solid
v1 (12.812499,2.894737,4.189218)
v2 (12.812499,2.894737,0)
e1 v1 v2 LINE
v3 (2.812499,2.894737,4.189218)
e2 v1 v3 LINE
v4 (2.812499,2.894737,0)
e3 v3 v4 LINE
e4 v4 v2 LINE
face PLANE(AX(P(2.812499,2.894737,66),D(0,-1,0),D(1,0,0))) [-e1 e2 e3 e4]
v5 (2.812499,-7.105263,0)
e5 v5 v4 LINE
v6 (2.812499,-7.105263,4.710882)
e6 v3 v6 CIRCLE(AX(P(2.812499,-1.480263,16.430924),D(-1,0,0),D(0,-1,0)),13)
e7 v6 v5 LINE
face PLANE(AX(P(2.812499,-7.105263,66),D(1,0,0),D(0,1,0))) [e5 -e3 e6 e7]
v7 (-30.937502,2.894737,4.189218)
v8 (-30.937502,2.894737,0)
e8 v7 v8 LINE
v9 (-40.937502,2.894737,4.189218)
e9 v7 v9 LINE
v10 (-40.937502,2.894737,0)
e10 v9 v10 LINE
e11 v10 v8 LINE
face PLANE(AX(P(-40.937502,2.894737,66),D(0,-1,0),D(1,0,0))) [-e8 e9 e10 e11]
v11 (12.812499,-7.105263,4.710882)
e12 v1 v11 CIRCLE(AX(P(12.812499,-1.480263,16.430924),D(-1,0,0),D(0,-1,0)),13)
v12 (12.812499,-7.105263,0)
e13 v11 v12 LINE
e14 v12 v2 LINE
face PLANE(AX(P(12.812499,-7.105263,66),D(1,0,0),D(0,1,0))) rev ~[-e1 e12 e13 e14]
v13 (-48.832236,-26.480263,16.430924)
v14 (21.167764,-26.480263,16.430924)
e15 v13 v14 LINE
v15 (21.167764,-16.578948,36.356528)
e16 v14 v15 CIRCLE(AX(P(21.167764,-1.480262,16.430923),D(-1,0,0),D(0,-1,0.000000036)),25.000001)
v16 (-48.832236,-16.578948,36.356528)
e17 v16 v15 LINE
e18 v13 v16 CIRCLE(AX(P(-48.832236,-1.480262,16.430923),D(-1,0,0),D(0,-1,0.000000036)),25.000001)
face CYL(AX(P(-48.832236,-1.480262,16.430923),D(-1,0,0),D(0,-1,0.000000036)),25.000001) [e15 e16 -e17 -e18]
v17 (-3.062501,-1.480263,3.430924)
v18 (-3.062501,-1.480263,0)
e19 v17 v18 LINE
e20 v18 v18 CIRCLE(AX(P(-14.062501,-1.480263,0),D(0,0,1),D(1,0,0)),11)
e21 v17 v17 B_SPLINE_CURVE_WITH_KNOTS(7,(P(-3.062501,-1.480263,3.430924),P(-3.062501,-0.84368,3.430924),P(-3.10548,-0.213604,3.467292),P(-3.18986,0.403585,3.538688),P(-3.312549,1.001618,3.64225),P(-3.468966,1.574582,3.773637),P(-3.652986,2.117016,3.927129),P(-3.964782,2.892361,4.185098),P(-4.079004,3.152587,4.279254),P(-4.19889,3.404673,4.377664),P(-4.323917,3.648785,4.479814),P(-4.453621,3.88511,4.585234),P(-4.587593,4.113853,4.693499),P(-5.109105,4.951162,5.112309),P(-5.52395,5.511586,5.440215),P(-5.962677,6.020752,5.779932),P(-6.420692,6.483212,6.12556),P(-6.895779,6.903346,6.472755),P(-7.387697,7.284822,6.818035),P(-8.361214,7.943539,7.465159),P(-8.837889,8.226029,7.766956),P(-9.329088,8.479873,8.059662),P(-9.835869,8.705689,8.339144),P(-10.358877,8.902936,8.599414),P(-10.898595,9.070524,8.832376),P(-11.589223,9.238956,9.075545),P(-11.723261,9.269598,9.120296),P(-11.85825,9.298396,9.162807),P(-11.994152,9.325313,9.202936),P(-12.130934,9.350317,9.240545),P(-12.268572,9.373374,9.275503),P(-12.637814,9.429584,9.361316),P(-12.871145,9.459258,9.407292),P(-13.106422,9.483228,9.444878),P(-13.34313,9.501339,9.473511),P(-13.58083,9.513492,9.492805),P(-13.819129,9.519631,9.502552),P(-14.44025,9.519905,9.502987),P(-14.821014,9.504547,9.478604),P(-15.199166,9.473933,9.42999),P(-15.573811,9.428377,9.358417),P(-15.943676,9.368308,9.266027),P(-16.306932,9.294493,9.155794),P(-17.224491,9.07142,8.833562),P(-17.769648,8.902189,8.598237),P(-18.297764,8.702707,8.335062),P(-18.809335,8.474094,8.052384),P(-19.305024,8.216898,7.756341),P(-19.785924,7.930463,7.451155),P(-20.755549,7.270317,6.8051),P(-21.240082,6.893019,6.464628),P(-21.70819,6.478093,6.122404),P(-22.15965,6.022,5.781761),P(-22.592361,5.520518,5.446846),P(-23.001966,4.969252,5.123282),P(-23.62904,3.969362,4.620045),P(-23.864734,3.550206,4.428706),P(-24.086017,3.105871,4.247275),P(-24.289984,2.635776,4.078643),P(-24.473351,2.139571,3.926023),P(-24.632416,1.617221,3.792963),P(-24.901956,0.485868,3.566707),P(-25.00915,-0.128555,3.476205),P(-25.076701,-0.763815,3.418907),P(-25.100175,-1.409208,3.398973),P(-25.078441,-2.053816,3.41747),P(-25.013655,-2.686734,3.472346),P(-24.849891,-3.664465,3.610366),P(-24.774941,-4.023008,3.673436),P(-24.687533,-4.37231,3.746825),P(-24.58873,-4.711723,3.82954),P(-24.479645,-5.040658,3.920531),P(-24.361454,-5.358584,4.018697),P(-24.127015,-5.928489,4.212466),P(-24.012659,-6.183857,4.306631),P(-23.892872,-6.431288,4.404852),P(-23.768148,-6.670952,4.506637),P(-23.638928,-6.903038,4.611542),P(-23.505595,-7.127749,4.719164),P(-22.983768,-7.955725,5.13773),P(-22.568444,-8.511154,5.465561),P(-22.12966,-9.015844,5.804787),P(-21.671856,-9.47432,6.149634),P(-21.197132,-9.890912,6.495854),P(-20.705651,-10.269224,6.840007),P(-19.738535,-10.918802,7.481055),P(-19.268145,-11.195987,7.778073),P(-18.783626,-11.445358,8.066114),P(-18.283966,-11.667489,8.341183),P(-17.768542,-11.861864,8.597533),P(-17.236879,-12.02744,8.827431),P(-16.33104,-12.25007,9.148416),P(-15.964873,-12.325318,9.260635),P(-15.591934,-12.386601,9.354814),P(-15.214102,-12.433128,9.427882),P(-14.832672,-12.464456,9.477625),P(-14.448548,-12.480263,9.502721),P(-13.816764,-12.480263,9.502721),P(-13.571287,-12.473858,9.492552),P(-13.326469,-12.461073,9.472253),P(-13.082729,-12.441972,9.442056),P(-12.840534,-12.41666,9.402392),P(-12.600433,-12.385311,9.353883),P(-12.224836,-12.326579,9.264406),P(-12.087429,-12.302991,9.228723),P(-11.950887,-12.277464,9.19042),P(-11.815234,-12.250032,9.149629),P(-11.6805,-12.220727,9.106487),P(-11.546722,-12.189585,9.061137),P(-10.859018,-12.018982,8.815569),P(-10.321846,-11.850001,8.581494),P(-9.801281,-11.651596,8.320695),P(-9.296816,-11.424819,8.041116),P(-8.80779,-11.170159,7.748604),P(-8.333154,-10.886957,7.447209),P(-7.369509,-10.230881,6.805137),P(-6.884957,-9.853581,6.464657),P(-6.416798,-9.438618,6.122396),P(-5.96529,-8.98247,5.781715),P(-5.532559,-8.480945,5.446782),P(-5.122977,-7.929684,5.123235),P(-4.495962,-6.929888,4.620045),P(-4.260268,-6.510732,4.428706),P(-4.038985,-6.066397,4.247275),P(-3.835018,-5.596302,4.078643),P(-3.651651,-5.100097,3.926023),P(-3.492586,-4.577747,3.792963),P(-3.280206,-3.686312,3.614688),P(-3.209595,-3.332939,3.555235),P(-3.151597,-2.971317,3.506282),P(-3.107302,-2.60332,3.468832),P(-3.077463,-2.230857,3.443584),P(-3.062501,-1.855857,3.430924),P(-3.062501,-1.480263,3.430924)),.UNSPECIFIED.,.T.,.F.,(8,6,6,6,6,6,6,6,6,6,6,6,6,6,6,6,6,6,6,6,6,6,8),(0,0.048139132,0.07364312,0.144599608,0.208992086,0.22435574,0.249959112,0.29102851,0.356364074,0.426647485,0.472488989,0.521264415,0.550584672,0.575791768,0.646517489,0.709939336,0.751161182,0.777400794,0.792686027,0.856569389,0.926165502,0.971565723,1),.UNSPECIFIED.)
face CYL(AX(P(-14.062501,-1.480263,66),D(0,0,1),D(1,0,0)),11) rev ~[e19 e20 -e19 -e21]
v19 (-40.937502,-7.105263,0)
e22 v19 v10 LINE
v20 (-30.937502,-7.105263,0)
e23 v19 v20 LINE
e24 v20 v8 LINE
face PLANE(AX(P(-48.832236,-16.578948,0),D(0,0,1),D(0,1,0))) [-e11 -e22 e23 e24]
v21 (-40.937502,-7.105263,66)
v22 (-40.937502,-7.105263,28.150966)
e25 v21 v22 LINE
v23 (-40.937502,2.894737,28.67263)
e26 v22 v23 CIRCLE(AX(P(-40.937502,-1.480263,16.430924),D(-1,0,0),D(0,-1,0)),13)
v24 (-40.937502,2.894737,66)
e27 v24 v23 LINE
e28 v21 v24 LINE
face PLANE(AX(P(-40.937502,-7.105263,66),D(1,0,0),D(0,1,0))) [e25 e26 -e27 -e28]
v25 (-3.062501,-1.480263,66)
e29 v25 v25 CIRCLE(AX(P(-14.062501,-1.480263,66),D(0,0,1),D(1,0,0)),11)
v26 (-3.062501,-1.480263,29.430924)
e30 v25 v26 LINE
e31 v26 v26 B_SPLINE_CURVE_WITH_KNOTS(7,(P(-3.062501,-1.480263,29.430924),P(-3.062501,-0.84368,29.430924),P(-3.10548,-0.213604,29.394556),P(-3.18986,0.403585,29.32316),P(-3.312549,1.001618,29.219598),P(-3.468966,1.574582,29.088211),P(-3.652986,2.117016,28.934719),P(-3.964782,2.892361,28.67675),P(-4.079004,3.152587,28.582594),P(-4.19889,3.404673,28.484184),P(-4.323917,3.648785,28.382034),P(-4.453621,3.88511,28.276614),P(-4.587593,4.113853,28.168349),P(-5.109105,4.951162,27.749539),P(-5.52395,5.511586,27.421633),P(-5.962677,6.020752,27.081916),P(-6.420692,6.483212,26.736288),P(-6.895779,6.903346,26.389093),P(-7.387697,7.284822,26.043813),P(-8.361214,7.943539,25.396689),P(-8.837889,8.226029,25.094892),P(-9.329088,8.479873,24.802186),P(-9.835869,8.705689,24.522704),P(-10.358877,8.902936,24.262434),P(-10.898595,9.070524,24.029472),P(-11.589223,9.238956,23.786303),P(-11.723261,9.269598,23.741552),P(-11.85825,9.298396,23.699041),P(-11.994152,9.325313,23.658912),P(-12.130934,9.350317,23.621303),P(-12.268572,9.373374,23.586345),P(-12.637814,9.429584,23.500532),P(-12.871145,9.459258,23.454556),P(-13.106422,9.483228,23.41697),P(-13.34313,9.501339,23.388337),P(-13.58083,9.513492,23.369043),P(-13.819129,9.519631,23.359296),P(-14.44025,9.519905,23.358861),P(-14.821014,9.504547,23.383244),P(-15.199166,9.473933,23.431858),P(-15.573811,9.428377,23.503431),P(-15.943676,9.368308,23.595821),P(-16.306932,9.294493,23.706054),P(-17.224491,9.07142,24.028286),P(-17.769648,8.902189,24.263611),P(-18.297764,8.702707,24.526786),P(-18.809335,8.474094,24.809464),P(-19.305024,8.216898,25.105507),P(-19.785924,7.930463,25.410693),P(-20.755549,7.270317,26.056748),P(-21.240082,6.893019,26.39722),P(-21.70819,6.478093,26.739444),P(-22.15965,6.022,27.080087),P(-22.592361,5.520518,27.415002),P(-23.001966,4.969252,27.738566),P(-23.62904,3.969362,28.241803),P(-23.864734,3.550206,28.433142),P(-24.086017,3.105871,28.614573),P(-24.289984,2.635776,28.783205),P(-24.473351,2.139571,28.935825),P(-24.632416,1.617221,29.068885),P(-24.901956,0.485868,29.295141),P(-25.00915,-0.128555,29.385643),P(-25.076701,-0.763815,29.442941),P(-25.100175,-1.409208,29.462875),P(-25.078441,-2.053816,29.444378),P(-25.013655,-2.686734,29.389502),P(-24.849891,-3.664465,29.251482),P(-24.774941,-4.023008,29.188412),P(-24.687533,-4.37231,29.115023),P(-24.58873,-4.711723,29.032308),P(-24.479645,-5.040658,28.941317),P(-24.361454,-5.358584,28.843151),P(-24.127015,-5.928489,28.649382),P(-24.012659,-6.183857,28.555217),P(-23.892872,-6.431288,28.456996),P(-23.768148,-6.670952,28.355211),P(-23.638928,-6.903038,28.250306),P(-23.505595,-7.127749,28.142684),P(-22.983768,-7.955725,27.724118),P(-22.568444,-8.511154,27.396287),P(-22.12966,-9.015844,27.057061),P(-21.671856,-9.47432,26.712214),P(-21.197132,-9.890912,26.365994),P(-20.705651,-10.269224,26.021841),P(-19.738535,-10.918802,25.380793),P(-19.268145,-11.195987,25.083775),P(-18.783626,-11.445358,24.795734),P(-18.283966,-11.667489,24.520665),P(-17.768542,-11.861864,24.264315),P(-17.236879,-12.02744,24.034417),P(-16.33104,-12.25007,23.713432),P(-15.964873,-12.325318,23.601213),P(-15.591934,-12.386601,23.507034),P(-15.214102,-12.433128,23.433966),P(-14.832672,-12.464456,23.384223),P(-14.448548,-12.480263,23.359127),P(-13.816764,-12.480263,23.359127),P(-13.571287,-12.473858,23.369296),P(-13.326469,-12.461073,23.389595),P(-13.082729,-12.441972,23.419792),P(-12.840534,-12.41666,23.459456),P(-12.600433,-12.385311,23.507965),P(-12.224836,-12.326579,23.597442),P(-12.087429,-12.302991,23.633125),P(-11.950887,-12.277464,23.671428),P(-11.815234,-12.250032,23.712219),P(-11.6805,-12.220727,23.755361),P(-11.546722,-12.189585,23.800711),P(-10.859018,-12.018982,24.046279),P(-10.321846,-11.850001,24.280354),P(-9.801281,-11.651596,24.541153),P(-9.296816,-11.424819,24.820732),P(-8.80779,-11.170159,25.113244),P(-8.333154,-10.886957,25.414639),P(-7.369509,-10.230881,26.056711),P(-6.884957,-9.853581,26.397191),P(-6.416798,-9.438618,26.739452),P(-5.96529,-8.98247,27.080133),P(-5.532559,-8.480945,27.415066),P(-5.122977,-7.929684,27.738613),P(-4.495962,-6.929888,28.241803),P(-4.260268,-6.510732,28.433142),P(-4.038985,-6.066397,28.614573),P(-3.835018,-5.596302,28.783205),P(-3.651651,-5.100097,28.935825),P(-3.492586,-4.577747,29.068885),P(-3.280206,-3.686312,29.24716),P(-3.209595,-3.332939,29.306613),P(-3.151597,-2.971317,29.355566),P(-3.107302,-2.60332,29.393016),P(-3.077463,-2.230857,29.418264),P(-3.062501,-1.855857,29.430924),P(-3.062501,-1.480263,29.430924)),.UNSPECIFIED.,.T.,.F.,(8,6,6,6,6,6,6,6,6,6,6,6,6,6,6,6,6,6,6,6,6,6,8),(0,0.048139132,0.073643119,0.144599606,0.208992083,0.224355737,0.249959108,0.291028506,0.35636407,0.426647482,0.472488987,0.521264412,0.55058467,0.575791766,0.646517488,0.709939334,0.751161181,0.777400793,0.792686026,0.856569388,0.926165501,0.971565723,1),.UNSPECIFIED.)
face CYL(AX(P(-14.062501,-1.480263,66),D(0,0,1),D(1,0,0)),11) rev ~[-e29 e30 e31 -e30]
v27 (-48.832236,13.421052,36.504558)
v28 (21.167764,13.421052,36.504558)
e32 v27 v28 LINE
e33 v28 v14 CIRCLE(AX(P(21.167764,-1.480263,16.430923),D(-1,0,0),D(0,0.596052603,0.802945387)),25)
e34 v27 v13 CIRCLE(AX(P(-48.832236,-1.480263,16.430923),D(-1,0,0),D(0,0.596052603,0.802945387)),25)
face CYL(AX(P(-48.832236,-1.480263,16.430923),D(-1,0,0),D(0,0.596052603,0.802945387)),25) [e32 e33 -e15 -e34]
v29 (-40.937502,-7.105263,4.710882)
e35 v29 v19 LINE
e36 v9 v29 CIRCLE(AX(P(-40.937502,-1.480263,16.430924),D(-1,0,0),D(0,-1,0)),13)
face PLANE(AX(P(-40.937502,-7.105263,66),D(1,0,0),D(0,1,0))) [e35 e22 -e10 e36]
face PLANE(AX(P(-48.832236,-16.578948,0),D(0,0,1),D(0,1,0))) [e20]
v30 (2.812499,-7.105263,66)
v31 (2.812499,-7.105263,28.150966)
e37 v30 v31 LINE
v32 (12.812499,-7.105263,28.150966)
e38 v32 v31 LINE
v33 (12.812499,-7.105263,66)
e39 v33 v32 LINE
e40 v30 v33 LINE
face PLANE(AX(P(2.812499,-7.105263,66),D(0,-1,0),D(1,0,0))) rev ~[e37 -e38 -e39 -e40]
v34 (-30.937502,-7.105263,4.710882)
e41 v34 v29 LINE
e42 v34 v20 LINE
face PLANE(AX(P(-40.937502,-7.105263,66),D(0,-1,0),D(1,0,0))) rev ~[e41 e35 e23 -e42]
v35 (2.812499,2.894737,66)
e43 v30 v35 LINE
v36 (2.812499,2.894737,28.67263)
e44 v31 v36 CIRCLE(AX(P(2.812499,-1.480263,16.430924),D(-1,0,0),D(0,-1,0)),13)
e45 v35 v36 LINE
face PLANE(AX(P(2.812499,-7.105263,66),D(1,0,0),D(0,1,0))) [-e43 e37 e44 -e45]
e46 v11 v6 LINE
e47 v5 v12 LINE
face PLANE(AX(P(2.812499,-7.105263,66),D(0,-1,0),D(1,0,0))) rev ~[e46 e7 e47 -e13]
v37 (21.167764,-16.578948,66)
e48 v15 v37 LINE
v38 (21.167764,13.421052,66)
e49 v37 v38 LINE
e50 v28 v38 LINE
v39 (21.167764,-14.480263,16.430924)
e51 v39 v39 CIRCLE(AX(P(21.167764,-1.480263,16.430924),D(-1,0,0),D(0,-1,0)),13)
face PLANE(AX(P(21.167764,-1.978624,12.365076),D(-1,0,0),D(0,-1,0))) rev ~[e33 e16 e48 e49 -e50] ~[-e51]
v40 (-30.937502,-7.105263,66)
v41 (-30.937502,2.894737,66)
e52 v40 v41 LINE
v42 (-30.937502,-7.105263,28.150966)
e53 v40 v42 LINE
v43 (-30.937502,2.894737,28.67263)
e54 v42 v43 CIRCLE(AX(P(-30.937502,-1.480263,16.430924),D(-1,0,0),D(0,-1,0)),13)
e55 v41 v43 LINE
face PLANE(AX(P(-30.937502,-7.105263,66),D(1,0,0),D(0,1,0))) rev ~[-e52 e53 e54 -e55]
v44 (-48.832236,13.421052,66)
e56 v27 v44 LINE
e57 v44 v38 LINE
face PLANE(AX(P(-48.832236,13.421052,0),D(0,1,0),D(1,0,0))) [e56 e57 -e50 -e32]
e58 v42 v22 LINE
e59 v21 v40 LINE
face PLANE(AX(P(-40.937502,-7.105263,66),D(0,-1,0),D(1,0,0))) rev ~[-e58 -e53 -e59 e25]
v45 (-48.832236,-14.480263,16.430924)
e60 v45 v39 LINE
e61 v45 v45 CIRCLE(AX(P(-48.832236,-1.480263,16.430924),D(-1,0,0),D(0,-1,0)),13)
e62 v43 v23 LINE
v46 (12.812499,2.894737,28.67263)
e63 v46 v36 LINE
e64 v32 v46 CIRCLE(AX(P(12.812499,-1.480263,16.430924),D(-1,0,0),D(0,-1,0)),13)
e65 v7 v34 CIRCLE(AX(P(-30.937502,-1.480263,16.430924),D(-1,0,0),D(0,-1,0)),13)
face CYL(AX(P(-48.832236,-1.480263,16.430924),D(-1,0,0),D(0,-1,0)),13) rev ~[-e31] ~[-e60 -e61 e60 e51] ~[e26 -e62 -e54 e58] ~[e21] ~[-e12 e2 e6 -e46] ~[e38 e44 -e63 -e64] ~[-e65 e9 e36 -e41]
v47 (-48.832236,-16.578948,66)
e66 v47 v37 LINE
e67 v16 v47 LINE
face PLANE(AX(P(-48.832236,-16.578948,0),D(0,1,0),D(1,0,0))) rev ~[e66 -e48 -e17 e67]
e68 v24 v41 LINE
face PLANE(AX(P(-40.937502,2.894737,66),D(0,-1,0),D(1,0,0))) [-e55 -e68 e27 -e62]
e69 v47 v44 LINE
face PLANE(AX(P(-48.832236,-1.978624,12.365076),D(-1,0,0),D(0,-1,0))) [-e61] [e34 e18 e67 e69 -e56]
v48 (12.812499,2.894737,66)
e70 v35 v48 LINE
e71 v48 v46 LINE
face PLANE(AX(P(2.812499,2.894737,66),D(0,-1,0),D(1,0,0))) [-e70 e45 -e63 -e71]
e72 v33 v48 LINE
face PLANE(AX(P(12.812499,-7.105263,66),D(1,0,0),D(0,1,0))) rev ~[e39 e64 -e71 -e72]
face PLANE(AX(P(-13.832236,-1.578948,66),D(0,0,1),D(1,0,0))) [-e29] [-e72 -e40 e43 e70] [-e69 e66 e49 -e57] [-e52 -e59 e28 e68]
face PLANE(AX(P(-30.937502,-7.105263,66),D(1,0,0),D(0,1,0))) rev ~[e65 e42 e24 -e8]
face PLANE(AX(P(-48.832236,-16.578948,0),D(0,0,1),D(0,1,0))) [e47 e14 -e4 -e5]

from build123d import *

# Parameters (mm, degrees)
F0_W     = 70
F0_H     = 30
F1_DEPTH = 66
F2_W     = 10
F2_H     = 10
F2_R     = 11
F3_DEPTH = 66
F5_DEPTH = 70
F6_R     = 13
F7_DEPTH = 70


with BuildPart() as f1:
    # F0 (on Top) → F1 (new body)
    with BuildSketch(Plane.XY):
        with Locations((-13.832236, -1.578948)):
            Rectangle(F0_W, F0_H)
    extrude(amount=F1_DEPTH)

    # F2 (on face) → F3 (cut)
    with BuildSketch(Plane.XY.offset(66)):
        with Locations((-35.937502, -2.105263)):
            Rectangle(F2_W, F2_H)
        with Locations((7.812499, -2.105263)):
            Rectangle(F2_W, F2_H)
        with Locations((-14.062501, -1.480263)):
            Circle(F2_R)
    extrude(amount=-F3_DEPTH, mode=Mode.SUBTRACT)

    # F4 (on face) → F5 (join)
    with BuildSketch(Plane(origin=(-48.832236, 0, 0), x_dir=(0, -1, 0), z_dir=(-1, 0, 0))):
        with BuildLine():
            ThreePointArc((-13.421052, 36.504558), (-9.755108, -5.902156), (26.480263, 16.430924))
            ThreePointArc((26.480263, 16.430924), (23.868509, 27.55596), (16.578948, 36.356528))
            Line((16.578948, 36.356528), (16.578948, 0))
            Line((16.578948, 0), (-13.421052, 0))
            Line((-13.421052, 0), (-13.421052, 36.504558))
        make_face()
    extrude(amount=-F5_DEPTH)

    # F6 (on face) → F7 (cut)
    with BuildSketch(Plane(origin=(-48.832236, 0, 0), x_dir=(0, -1, 0), z_dir=(-1, 0, 0))):
        with Locations((1.480263, 16.430924)):
            Circle(F6_R)
    extrude(amount=-F7_DEPTH, mode=Mode.SUBTRACT)


solid = f1.part
